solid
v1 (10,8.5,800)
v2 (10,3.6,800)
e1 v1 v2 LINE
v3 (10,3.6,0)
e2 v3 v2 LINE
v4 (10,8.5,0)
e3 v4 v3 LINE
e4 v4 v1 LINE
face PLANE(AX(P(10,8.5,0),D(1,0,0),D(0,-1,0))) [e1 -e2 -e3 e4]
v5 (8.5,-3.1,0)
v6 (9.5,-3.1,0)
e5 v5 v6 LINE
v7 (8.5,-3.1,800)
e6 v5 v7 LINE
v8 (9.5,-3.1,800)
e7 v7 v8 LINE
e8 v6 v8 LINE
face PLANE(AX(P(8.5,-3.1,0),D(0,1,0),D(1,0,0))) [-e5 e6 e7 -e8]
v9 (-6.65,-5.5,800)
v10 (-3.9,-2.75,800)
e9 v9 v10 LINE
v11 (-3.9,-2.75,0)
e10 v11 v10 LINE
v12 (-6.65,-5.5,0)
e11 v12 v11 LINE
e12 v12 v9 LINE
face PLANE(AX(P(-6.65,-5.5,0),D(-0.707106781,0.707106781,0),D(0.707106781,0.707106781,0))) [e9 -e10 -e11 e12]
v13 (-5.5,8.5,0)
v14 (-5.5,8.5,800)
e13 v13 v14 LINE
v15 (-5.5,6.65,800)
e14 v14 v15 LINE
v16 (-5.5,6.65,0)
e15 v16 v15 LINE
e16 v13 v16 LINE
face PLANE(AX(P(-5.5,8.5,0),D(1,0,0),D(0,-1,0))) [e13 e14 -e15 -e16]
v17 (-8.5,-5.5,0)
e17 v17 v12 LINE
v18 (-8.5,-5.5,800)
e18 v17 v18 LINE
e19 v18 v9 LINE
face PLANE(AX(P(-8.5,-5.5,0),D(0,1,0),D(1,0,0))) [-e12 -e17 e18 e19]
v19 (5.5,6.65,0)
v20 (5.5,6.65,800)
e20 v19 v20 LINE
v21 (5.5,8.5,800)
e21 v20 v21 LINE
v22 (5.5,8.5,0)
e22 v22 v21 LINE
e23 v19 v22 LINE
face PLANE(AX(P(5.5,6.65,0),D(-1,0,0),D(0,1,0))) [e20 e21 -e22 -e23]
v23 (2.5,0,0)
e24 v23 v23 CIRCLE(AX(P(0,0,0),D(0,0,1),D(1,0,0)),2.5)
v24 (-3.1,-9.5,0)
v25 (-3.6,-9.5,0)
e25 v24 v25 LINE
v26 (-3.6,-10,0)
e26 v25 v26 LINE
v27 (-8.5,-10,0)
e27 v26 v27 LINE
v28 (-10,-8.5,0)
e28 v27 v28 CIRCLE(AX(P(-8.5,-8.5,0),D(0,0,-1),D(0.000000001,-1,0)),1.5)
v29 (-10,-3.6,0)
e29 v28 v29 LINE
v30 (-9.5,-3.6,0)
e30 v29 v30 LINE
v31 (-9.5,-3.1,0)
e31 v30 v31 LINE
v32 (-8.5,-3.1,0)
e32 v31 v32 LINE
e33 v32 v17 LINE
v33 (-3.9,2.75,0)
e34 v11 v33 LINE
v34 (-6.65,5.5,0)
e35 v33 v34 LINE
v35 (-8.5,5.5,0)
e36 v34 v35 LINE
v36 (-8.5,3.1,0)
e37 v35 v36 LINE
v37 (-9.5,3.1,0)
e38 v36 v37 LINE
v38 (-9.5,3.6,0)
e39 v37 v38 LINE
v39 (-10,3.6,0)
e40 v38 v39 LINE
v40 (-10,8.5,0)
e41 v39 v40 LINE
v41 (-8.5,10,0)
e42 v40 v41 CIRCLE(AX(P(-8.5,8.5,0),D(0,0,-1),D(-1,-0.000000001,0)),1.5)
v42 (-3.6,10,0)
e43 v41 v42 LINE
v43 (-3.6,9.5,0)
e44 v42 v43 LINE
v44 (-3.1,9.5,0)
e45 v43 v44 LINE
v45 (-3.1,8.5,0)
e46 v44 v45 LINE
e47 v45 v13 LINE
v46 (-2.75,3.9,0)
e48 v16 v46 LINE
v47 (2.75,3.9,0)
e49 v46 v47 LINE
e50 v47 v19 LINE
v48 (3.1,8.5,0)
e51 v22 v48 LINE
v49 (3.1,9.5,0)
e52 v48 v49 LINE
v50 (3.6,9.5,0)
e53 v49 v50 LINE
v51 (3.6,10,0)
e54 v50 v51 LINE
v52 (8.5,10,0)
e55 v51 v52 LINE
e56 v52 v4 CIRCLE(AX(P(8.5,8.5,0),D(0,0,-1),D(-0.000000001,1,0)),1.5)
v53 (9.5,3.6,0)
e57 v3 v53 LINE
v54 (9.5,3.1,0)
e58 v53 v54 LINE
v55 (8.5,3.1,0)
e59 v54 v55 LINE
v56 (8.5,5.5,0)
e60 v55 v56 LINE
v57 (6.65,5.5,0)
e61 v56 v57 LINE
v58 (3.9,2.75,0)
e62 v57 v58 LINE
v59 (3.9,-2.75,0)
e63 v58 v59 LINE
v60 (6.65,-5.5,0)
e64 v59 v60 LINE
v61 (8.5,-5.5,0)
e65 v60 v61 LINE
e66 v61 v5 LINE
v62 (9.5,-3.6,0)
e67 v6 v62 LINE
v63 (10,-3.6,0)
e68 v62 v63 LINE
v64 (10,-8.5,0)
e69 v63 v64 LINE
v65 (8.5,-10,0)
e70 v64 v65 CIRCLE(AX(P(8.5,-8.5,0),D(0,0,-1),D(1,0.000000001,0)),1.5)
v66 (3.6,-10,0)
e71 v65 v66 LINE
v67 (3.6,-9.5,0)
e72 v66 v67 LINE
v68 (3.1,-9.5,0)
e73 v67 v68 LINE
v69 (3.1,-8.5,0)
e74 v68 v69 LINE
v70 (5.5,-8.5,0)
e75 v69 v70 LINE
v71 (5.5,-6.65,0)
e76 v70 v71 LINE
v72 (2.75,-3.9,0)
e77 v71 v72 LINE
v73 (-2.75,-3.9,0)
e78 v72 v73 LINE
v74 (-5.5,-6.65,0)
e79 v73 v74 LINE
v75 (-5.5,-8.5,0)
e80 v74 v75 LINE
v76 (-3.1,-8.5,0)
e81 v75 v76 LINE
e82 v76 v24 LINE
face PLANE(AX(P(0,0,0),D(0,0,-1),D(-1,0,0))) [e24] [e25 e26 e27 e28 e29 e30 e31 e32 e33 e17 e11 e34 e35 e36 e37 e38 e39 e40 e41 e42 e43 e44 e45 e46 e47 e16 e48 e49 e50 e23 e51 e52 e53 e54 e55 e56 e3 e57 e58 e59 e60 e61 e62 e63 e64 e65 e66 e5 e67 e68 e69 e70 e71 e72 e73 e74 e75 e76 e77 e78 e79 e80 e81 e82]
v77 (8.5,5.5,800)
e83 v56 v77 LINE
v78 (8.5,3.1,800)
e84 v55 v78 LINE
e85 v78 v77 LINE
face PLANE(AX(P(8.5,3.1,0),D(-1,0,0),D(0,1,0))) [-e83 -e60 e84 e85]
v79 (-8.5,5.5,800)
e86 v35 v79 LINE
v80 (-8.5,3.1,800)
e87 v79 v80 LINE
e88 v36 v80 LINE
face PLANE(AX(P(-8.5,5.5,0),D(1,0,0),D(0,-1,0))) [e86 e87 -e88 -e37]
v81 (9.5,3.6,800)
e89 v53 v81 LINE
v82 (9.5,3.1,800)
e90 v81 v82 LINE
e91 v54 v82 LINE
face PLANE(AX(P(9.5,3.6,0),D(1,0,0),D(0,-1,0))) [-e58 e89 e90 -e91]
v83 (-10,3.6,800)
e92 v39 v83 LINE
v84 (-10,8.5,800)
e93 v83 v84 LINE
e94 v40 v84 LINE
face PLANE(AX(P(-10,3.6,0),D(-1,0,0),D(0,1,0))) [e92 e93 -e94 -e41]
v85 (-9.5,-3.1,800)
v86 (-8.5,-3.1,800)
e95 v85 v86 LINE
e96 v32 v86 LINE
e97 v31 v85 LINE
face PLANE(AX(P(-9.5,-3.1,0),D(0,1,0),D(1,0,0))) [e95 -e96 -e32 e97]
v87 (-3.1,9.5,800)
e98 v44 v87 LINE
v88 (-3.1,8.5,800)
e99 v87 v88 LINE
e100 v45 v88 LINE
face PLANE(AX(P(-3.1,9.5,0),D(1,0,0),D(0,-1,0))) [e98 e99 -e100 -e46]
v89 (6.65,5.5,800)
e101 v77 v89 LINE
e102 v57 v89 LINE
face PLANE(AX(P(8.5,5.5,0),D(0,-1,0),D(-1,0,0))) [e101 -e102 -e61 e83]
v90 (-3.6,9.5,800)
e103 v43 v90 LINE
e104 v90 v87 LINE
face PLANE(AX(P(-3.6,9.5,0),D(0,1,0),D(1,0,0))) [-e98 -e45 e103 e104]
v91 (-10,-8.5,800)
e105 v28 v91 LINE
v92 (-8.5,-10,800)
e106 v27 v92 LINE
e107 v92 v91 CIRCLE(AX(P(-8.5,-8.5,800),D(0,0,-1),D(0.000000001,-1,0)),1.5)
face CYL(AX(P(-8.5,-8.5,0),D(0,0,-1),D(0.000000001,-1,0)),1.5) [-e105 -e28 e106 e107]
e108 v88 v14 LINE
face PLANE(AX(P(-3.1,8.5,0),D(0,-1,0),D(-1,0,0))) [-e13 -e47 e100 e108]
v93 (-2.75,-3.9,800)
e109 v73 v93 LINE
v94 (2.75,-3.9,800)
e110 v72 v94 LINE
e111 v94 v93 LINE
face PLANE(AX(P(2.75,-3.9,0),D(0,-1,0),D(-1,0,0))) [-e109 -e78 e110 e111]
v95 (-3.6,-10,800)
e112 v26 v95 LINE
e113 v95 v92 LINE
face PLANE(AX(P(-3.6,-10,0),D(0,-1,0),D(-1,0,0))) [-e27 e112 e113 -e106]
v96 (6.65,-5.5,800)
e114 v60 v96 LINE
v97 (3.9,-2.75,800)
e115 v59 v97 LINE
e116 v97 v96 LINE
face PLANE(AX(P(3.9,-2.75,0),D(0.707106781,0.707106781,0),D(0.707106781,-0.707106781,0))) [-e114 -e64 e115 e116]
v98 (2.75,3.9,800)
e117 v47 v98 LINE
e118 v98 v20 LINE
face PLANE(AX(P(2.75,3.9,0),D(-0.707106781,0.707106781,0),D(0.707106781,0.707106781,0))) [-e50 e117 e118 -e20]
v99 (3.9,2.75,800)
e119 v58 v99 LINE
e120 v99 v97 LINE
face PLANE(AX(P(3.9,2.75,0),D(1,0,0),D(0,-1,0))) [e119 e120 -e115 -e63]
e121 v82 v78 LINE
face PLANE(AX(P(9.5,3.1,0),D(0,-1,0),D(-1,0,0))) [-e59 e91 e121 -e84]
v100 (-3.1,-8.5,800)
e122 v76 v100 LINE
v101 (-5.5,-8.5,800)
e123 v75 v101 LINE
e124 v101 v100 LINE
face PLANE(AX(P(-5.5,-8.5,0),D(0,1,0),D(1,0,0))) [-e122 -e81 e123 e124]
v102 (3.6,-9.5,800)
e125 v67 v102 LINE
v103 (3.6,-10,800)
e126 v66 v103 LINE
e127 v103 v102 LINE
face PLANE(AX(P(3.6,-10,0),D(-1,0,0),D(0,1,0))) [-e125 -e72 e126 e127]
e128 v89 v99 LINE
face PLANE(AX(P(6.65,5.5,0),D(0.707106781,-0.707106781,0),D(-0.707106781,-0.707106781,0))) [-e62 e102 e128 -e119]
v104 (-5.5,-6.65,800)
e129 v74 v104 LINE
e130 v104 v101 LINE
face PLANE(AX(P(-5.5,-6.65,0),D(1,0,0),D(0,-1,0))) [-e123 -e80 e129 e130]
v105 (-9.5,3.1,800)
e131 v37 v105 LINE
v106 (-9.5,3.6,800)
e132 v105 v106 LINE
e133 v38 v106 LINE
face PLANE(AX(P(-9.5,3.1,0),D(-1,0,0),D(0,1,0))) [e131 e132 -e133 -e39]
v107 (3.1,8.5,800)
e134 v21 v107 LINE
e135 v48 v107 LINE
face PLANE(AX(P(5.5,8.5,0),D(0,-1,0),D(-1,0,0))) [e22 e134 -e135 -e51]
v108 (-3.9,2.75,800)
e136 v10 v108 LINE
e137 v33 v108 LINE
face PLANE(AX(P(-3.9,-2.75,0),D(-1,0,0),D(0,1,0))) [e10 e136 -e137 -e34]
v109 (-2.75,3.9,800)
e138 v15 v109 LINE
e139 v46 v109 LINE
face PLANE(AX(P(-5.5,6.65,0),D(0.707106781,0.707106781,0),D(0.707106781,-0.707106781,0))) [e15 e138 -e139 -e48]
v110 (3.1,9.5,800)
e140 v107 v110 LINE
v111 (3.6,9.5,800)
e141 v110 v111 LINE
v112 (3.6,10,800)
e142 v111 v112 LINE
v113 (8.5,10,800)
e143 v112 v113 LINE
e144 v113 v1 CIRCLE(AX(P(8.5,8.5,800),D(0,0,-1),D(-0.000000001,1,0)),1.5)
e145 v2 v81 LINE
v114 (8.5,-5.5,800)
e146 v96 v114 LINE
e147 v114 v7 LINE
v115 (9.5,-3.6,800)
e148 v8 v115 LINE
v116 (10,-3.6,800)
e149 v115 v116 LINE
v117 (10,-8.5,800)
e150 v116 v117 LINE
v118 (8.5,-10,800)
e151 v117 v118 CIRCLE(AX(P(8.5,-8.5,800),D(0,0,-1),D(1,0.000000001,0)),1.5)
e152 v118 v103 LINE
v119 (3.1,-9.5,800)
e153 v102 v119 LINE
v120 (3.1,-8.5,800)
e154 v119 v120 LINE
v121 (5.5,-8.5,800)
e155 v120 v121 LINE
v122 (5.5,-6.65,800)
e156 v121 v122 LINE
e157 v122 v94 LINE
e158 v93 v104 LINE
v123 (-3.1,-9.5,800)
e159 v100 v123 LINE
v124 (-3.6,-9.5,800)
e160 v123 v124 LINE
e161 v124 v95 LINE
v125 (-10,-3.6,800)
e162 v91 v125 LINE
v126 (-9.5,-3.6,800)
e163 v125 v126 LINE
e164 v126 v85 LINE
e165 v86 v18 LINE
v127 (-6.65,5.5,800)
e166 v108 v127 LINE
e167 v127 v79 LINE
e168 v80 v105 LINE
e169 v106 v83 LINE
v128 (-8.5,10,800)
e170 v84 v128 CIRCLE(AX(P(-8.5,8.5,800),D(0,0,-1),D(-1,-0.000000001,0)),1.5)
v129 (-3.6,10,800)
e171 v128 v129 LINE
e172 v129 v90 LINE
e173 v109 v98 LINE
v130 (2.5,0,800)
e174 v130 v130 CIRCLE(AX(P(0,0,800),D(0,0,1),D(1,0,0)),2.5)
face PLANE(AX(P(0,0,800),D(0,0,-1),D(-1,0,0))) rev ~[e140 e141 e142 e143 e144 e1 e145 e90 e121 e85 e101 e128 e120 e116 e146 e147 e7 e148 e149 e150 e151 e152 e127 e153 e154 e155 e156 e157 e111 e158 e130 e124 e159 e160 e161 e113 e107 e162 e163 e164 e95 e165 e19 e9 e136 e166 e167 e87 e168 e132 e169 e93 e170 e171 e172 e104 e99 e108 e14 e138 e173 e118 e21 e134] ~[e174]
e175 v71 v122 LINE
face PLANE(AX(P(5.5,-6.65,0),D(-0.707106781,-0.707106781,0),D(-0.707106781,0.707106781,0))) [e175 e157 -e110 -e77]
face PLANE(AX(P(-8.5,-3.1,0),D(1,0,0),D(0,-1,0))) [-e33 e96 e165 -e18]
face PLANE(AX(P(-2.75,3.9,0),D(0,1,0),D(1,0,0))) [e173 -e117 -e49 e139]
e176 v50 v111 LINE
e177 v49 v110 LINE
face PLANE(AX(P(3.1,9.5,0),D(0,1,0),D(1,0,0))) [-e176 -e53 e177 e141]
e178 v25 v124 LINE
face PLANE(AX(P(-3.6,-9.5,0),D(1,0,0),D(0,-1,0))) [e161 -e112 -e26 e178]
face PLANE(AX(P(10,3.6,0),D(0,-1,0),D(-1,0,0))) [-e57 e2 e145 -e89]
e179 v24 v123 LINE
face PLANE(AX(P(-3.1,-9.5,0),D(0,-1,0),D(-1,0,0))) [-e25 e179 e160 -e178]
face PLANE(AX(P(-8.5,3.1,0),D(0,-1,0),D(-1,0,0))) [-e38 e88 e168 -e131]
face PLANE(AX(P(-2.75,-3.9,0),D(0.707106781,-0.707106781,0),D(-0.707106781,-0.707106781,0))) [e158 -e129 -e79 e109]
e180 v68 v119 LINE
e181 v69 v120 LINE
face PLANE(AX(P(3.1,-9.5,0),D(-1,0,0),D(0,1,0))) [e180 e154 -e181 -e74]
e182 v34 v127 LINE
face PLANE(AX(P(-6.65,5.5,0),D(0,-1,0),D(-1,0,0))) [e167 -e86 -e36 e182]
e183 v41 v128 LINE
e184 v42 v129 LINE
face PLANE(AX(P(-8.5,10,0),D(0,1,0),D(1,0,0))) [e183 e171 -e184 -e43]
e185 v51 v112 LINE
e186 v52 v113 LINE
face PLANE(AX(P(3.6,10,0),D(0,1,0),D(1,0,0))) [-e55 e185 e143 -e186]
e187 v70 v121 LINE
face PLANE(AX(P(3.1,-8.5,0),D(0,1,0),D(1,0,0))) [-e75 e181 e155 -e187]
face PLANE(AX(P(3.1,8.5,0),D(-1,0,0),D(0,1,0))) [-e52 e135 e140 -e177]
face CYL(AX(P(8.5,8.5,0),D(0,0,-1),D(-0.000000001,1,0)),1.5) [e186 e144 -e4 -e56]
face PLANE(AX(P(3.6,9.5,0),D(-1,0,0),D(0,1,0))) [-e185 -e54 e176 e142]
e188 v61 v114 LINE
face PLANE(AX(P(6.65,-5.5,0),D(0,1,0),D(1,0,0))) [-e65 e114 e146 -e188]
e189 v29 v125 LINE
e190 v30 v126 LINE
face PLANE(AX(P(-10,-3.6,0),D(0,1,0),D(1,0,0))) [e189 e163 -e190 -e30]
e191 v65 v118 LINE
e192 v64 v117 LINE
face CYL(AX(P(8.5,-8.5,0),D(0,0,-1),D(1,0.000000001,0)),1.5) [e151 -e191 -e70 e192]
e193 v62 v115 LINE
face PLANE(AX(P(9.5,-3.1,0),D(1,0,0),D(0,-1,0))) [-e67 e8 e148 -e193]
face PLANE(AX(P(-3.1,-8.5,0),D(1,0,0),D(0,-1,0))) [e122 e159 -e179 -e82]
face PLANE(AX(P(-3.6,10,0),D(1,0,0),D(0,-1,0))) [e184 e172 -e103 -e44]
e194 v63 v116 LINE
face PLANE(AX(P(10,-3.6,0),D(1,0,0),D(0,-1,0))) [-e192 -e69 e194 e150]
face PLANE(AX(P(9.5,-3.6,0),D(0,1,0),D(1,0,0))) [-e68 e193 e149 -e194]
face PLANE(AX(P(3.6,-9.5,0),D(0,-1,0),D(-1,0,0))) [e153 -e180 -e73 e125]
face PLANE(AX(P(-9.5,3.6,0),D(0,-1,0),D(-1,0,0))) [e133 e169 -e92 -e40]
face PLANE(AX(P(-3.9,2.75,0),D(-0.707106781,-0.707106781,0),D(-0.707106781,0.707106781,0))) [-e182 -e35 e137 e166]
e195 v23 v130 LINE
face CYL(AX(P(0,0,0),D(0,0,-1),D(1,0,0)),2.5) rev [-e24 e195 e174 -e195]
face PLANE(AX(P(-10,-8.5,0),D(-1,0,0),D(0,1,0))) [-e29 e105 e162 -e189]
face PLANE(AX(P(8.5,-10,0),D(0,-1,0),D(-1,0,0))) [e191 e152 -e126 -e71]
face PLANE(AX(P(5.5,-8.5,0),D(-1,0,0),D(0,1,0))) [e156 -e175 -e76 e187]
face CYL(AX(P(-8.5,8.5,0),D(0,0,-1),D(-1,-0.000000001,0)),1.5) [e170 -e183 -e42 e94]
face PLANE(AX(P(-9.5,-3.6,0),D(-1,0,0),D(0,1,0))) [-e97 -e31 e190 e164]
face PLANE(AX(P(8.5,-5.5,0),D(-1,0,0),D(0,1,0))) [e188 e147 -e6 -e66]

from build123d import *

# Parameters (mm, degrees)
SKETCH_1_R      = 2.5
EXTRUDE_1_DEPTH = 800


with BuildPart() as part:
    # 草图1 → 凸台-拉伸1 (new body)
    with BuildSketch(Plane.XY):
        with BuildLine():
            Line((-3.6, 10), (-3.6, 9.5))
            Line((-3.6, 9.5), (-3.1, 9.5))
            Line((-3.1, 9.5), (-3.1, 8.5))
            Line((-3.1, 8.5), (-5.5, 8.5))
            Line((-5.5, 8.5), (-5.5, 6.65))
            Line((-5.5, 6.65), (-2.75, 3.9))
            Line((-2.75, 3.9), (2.75, 3.9))
            Line((2.75, 3.9), (5.5, 6.65))
            Line((5.5, 6.65), (5.5, 8.5))
            Line((5.5, 8.5), (3.1, 8.5))
            Line((3.1, 8.5), (3.1, 9.5))
            Line((3.1, 9.5), (3.6, 9.5))
            Line((3.6, 9.5), (3.6, 10))
            Line((3.6, 10), (8.5, 10))
            ThreePointArc((8.5, 10), (9.560660172, 9.560660172), (10, 8.5))
            Line((10, 8.5), (10, 3.6))
            Line((10, 3.6), (9.5, 3.6))
            Line((9.5, 3.6), (9.5, 3.1))
            Line((9.5, 3.1), (8.5, 3.1))
            Line((8.5, 3.1), (8.5, 5.5))
            Line((8.5, 5.5), (6.65, 5.5))
            Line((6.65, 5.5), (3.9, 2.75))
            Line((3.9, 2.75), (3.9, -2.75))
            Line((3.9, -2.75), (6.65, -5.5))
            Line((6.65, -5.5), (8.5, -5.5))
            Line((8.5, -5.5), (8.5, -3.1))
            Line((8.5, -3.1), (9.5, -3.1))
            Line((9.5, -3.1), (9.5, -3.6))
            Line((9.5, -3.6), (10, -3.6))
            Line((10, -3.6), (10, -8.5))
            ThreePointArc((10, -8.5), (9.560660172, -9.560660172), (8.5, -10))
            Line((8.5, -10), (3.6, -10))
            Line((3.6, -10), (3.6, -9.5))
            Line((3.6, -9.5), (3.1, -9.5))
            Line((3.1, -9.5), (3.1, -8.5))
            Line((3.1, -8.5), (5.5, -8.5))
            Line((5.5, -8.5), (5.5, -6.65))
            Line((5.5, -6.65), (2.75, -3.9))
            Line((2.75, -3.9), (-2.75, -3.9))
            Line((-2.75, -3.9), (-5.5, -6.65))
            Line((-5.5, -6.65), (-5.5, -8.5))
            Line((-5.5, -8.5), (-3.1, -8.5))
            Line((-3.1, -8.5), (-3.1, -9.5))
            Line((-3.1, -9.5), (-3.6, -9.5))
            Line((-3.6, -9.5), (-3.6, -10))
            Line((-3.6, -10), (-8.5, -10))
            ThreePointArc((-8.5, -10), (-9.560660172, -9.560660172), (-10, -8.5))
            Line((-10, -8.5), (-10, -3.6))
            Line((-10, -3.6), (-9.5, -3.6))
            Line((-9.5, -3.6), (-9.5, -3.1))
            Line((-9.5, -3.1), (-8.5, -3.1))
            Line((-8.5, -3.1), (-8.5, -5.5))
            Line((-8.5, -5.5), (-6.65, -5.5))
            Line((-6.65, -5.5), (-3.9, -2.75))
            Line((-3.9, -2.75), (-3.9, 2.75))
            Line((-3.9, 2.75), (-6.65, 5.5))
            Line((-6.65, 5.5), (-8.5, 5.5))
            Line((-8.5, 5.5), (-8.5, 3.1))
            Line((-8.5, 3.1), (-9.5, 3.1))
            Line((-9.5, 3.1), (-9.5, 3.6))
            Line((-9.5, 3.6), (-10, 3.6))
            Line((-10, 3.6), (-10, 8.5))
            ThreePointArc((-10, 8.5), (-9.560660172, 9.560660172), (-8.5, 10))
            Line((-8.5, 10), (-3.6, 10))
        make_face()
        Circle(SKETCH_1_R, mode=Mode.SUBTRACT)
    extrude(amount=EXTRUDE_1_DEPTH)


solid = part.part
